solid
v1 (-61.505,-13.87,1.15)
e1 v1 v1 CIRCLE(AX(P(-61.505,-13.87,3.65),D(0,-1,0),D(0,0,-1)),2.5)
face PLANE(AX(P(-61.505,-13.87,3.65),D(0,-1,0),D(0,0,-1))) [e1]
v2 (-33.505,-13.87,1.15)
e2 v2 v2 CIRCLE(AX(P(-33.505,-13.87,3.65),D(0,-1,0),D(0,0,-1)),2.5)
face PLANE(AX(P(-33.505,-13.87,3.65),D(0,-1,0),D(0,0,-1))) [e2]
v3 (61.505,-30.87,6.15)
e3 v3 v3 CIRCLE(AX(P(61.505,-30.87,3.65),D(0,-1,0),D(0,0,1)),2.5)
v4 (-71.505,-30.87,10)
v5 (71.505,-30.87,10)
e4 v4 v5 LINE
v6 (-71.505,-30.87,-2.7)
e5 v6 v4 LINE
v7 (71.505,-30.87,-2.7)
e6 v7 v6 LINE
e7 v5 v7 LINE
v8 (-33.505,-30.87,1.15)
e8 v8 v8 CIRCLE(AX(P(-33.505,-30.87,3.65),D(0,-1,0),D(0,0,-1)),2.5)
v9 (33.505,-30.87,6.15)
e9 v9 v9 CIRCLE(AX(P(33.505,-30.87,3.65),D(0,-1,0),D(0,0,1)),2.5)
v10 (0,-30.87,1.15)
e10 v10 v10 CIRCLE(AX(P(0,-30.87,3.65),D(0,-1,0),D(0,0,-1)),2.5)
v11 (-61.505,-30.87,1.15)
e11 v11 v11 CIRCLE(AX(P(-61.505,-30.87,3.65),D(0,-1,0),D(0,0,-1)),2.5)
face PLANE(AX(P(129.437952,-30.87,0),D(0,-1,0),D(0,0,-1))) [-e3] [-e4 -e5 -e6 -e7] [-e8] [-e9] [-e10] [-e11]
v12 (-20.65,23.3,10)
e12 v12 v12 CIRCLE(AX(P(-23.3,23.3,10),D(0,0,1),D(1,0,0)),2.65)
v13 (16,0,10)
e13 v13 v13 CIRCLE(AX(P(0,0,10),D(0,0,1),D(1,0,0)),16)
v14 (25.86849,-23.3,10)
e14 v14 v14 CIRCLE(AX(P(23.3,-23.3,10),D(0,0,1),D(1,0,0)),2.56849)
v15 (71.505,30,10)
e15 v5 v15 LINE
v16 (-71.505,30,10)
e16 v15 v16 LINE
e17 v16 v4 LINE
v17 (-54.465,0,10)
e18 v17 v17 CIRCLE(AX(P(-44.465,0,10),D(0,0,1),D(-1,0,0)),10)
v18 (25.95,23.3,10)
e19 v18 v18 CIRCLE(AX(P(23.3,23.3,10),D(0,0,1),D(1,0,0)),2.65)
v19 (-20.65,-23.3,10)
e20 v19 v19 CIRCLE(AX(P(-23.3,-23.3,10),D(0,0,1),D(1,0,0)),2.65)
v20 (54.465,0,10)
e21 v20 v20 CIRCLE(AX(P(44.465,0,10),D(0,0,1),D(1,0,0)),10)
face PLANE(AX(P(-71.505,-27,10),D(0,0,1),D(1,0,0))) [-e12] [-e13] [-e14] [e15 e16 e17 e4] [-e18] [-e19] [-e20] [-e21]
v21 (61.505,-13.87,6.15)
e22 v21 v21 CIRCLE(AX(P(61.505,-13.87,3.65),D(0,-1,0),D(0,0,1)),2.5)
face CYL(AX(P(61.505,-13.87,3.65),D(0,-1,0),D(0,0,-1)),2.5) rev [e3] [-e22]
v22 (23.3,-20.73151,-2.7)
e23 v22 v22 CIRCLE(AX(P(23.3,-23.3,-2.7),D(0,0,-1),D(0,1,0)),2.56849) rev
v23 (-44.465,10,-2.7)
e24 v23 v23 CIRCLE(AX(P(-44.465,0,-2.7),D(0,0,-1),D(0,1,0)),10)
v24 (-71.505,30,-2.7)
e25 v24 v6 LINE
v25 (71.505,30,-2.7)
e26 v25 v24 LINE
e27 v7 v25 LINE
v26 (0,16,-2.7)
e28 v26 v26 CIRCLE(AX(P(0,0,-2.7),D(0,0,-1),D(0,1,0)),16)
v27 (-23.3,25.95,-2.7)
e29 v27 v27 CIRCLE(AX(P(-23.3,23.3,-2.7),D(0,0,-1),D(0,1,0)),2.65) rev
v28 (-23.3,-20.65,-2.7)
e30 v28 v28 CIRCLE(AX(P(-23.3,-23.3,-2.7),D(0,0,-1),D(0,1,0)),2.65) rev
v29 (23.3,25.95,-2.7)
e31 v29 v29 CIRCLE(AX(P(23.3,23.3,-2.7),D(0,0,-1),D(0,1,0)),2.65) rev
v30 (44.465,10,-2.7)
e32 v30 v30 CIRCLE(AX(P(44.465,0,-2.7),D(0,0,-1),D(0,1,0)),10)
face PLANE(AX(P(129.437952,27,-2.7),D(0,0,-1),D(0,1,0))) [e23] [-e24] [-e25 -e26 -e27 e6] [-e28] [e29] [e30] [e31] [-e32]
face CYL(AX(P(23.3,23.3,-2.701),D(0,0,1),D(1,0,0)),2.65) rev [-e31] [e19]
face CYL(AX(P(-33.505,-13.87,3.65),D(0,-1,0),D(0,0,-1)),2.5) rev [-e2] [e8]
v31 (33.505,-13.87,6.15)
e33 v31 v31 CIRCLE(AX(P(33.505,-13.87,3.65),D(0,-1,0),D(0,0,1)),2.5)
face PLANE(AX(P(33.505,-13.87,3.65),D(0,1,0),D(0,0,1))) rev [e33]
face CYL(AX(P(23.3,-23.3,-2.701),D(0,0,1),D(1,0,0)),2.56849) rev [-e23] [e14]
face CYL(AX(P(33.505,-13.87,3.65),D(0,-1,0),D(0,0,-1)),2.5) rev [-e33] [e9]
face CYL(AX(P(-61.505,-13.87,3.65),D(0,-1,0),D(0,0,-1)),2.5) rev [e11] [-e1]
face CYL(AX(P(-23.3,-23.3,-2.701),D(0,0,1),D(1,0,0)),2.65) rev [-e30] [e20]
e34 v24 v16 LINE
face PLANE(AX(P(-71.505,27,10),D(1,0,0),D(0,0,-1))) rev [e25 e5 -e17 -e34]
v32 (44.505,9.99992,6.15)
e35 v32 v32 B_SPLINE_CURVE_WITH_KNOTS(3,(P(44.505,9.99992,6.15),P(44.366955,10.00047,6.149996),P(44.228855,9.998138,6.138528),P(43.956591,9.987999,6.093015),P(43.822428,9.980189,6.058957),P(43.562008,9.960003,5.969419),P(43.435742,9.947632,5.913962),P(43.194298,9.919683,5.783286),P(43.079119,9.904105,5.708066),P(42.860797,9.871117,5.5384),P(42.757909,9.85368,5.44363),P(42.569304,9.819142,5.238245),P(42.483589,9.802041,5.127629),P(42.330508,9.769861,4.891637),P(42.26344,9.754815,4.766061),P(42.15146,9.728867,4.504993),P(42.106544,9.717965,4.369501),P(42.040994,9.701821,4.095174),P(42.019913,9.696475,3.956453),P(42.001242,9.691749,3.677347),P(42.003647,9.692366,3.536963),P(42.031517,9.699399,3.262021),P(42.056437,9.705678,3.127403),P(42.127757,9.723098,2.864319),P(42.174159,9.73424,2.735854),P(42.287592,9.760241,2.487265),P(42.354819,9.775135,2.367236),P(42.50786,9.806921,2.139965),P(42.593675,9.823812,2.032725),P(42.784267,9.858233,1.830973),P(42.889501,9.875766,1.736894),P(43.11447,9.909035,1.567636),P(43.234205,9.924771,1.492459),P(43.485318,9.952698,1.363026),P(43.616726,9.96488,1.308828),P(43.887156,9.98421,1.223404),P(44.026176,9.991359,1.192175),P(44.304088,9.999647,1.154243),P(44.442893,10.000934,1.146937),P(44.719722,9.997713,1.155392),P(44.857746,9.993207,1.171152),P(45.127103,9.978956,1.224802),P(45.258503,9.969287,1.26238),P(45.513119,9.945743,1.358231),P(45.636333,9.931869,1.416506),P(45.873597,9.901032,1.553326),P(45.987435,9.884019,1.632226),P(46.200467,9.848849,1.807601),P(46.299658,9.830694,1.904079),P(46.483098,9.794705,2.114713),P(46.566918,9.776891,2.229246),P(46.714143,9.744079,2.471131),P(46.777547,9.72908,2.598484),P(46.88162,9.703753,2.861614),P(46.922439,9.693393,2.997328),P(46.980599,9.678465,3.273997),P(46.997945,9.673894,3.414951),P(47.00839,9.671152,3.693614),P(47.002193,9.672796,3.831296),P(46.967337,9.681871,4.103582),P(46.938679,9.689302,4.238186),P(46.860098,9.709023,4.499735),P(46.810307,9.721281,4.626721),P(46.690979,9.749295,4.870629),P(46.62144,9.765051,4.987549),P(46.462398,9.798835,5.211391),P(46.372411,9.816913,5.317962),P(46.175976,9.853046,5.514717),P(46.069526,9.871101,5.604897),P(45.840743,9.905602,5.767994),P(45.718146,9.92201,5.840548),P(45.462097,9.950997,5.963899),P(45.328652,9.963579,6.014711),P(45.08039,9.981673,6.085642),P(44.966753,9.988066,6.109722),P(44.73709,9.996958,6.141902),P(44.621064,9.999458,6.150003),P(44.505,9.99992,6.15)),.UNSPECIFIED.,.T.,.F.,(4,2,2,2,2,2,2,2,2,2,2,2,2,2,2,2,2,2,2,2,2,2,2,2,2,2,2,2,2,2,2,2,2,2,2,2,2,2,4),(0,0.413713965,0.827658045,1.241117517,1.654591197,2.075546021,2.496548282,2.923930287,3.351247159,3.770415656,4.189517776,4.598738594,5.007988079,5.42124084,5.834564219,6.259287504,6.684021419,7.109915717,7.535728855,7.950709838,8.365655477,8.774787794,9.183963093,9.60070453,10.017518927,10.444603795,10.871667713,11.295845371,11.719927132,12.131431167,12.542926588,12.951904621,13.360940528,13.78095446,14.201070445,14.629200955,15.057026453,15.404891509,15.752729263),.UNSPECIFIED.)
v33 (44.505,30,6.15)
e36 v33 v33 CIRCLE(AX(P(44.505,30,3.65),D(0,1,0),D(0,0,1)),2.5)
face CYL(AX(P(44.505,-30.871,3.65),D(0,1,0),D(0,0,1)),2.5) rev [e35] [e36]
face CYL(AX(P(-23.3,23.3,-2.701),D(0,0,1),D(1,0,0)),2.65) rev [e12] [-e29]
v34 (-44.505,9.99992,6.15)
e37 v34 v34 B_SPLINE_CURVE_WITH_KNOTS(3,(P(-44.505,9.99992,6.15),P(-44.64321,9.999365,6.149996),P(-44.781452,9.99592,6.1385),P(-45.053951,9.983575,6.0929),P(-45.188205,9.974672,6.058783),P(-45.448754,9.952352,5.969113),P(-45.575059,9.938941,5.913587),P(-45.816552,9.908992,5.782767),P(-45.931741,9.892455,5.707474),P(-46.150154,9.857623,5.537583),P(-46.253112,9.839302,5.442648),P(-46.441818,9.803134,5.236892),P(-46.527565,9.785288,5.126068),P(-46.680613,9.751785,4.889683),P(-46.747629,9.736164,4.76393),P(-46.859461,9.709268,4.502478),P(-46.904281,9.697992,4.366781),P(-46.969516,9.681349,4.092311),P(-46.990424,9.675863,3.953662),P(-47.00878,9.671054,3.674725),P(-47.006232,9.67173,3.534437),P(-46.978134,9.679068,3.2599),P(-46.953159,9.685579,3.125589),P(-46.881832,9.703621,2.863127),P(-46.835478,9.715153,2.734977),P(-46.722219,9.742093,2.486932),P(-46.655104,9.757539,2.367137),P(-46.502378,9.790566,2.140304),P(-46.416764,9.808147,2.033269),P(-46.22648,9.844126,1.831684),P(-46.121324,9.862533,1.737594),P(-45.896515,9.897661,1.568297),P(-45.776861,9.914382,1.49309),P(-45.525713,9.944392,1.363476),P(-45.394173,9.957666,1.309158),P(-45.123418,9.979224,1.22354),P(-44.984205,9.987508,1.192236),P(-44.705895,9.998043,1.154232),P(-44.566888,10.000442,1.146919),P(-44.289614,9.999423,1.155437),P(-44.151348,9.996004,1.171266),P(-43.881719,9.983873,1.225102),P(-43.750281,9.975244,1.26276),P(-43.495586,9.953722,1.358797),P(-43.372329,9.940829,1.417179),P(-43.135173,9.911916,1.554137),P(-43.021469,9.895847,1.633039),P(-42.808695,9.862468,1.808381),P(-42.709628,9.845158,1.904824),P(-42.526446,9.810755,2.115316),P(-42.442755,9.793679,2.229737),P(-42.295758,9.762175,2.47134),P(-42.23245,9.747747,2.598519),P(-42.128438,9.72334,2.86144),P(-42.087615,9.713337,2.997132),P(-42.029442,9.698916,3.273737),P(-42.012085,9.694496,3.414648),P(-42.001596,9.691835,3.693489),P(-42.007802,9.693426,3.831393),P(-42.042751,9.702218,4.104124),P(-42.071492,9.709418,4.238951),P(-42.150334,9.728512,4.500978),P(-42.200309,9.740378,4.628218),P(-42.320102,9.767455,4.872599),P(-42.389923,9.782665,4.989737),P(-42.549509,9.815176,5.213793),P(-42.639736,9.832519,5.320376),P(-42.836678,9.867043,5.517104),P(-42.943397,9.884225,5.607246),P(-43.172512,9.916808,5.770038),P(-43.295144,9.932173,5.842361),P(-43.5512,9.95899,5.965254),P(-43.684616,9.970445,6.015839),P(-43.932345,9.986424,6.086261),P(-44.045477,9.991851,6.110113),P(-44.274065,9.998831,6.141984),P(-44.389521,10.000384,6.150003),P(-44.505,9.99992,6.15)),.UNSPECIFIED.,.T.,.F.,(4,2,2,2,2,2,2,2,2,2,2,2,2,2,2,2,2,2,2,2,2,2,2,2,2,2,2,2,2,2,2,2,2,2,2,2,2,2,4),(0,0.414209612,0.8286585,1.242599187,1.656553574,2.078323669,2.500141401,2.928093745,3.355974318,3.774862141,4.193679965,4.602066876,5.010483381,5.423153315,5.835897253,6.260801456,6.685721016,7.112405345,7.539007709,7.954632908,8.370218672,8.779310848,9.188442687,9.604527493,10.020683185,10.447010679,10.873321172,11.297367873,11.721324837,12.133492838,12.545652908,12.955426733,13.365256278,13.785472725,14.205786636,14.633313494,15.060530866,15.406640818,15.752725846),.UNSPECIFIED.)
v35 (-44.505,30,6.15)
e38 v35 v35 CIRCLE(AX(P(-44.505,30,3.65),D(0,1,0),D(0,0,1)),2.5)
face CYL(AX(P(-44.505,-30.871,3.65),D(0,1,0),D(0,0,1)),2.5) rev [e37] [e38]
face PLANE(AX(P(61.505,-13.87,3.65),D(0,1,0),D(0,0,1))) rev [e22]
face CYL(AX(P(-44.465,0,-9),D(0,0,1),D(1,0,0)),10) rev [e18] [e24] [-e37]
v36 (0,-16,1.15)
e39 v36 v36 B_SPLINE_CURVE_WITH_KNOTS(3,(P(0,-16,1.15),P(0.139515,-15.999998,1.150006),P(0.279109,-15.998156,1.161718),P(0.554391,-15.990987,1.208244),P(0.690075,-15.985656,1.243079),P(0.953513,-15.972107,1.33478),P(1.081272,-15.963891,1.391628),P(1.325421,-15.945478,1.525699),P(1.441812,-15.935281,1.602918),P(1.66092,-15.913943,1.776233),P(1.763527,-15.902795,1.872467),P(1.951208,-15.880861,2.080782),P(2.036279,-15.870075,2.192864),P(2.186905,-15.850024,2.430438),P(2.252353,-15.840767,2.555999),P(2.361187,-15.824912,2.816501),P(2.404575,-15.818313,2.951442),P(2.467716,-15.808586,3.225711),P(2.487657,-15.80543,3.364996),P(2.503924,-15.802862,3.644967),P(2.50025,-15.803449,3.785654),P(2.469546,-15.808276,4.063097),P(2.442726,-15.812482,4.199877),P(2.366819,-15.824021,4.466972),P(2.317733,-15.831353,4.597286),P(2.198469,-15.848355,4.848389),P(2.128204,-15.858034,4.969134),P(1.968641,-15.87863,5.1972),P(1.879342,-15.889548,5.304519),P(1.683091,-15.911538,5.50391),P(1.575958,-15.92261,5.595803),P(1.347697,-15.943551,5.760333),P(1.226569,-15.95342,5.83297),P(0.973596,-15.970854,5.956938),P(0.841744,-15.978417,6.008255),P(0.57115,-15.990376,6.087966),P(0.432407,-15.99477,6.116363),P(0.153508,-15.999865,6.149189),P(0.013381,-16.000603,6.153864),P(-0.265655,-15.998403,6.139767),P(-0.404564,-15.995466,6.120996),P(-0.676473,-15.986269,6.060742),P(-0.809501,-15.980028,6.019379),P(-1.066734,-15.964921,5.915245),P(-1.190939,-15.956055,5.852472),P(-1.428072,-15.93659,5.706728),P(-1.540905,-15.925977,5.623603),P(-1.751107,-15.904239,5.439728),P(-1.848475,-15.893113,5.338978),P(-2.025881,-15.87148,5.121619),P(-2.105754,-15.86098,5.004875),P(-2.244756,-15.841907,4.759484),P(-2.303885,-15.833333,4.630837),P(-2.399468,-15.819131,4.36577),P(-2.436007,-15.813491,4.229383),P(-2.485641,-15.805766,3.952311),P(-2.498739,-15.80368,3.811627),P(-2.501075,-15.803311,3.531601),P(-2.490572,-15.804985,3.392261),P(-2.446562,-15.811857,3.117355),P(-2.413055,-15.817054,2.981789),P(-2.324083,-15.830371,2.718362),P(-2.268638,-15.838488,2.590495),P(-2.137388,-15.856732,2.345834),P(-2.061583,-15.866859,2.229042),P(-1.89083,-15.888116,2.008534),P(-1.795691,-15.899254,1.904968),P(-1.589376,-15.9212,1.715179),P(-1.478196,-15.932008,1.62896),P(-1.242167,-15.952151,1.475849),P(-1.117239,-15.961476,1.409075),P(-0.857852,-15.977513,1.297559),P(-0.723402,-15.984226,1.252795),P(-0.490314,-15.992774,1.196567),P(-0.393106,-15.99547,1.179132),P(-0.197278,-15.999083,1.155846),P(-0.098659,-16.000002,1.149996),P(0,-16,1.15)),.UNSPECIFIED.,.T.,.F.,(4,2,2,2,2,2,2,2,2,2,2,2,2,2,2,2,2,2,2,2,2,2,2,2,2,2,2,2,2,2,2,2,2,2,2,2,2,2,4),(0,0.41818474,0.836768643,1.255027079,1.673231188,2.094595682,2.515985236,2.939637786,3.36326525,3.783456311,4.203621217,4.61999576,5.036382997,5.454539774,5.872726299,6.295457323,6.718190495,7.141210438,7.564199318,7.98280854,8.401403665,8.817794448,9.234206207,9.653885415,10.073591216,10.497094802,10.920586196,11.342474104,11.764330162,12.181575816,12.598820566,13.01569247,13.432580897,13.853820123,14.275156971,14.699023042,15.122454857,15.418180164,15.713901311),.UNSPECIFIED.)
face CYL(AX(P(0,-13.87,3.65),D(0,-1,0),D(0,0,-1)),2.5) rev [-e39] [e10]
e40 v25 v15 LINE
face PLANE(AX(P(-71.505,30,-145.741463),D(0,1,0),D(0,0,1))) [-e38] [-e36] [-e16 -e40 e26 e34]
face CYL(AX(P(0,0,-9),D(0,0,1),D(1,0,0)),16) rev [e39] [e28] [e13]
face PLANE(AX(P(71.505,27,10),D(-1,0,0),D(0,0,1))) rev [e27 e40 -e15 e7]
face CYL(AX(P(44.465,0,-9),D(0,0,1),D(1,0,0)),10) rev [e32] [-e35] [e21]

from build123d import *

# Parameters (mm, degrees)
ESBO_O1_W                = 143.01
ESBO_O1_H                = 54
RESSALTO_EXTRUS_O1_DEPTH = 10
ESBO_O14_W               = 2.7
ESBO_O14_H               = 57.87
RESSALTO_EXTRUS_O3_DEPTH = 143.01
ESBO_O2_R                = 16
CIRCULO_ROLAMENTO_DEPTH  = 19
ESBO_O7_R                = 10
CORTE_EXTRUS_O3_DEPTH    = 19
ESBO_O8_W                = 143.01
ESBO_O8_H                = 3.87
RESSALTO_EXTRUS_O2_DEPTH = 10
ESBO_O22_W               = 143.01
ESBO_O22_H               = 3
RESSALTO_EXTRUS_O4_DEPTH = 12.7
ESBO_O12_R               = 2.5
CORTE_EXTRUS_O6_DEPTH    = 17
CORTE_EXTRUS_O15_REACH   = 80.913
ESBO_O9_R                = 2.568489929
ESBO_O9_R_2              = 2.65
CORTE_EXTRUS_O16_REACH   = 96.436
ESBO_O23_R               = 2.5


with BuildPart() as part:
    # Esboço1 → Ressalto-extrusão1 (new body)
    with BuildSketch(Plane.XY):
        Rectangle(ESBO_O1_W, ESBO_O1_H)
    extrude(amount=RESSALTO_EXTRUS_O1_DEPTH)

    # Esboço14 → Ressalto-extrusão3 (add)
    with BuildSketch(Plane.ZY.offset(71.505)):
        with Locations((-1.35, -1.935)):
            Rectangle(ESBO_O14_W, ESBO_O14_H)
    extrude(amount=-RESSALTO_EXTRUS_O3_DEPTH)

    # Esboço2 → Circulo rolamento (cut)
    with BuildSketch(Plane.XY.offset(10)):
        Circle(ESBO_O2_R)
    extrude(amount=-CIRCULO_ROLAMENTO_DEPTH, mode=Mode.SUBTRACT)

    # Esboço7 → Corte-extrusão3 (cut)
    with BuildSketch(Plane.XY.offset(10)):
        with Locations(Location((-44.465, 0, 0), (0, 0, 90))):
            Circle(ESBO_O7_R)
        with Locations((44.465, 0)):
            Circle(ESBO_O7_R)
    extrude(amount=-CORTE_EXTRUS_O3_DEPTH, mode=Mode.SUBTRACT)

    # Esboço8 → Ressalto-extrusão2 (add)
    with BuildSketch(Plane.XY.offset(10)):
        with Locations((0, -28.935)):
            Rectangle(ESBO_O8_W, ESBO_O8_H)
    extrude(amount=-RESSALTO_EXTRUS_O2_DEPTH)

    # Esboço22 → Ressalto-extrusão4 (add)
    with BuildSketch(Plane.XY.offset(10)):
        with Locations((0, 28.5)):
            Rectangle(ESBO_O22_W, ESBO_O22_H)
    extrude(amount=-RESSALTO_EXTRUS_O4_DEPTH)

    # Esboço12 → Corte-extrusão6 (cut)
    with BuildSketch(Plane.XZ.offset(30.87)):
        with Locations(Location((-61.505, 3.65, 0), (0, 0, 270))):
            Circle(ESBO_O12_R)
        with Locations(Location((33.505, 3.65, 0), (0, 0, 90))):
            Circle(ESBO_O12_R)
        with Locations(Location((0, 3.65, 0), (0, 0, 270))):
            Circle(ESBO_O12_R)
        with Locations(Location((-33.505, 3.65, 0), (0, 0, 270))):
            Circle(ESBO_O12_R)
        with Locations(Location((61.505, 3.65, 0), (0, 0, 90))):
            Circle(ESBO_O12_R)
    extrude(amount=-CORTE_EXTRUS_O6_DEPTH, mode=Mode.SUBTRACT)

    # Esboço9 → Corte-extrusão15 (cut, up to next)
    with BuildSketch(Plane.XY.offset(10), mode=Mode.PRIVATE) as corte_extrus_o15_sk1:
        with Locations((23.3, -23.3)):
            Circle(ESBO_O9_R)
    corte_extrus_o15_tool1 = extrude(corte_extrus_o15_sk1.sketch, amount=-CORTE_EXTRUS_O15_REACH, mode=Mode.PRIVATE) & part.part
    # Esboço9 → Corte-extrusão15 (cut, up to next)
    with BuildSketch(Plane.XY.offset(10), mode=Mode.PRIVATE) as corte_extrus_o15_sk2:
        with Locations((23.3, 23.3)):
            Circle(ESBO_O9_R_2)
    corte_extrus_o15_tool2 = extrude(corte_extrus_o15_sk2.sketch, amount=-CORTE_EXTRUS_O15_REACH, mode=Mode.PRIVATE) & part.part
    # Esboço9 → Corte-extrusão15 (cut, up to next)
    with BuildSketch(Plane.XY.offset(10), mode=Mode.PRIVATE) as corte_extrus_o15_sk3:
        with Locations((-23.3, -23.3)):
            Circle(ESBO_O9_R_2)
    corte_extrus_o15_tool3 = extrude(corte_extrus_o15_sk3.sketch, amount=-CORTE_EXTRUS_O15_REACH, mode=Mode.PRIVATE) & part.part
    # Esboço9 → Corte-extrusão15 (cut, up to next)
    with BuildSketch(Plane.XY.offset(10), mode=Mode.PRIVATE) as corte_extrus_o15_sk4:
        with Locations((-23.3, 23.3)):
            Circle(ESBO_O9_R_2)
    corte_extrus_o15_tool4 = extrude(corte_extrus_o15_sk4.sketch, amount=-CORTE_EXTRUS_O15_REACH, mode=Mode.PRIVATE) & part.part
    add(corte_extrus_o15_tool1.solids().sort_by_distance((23.3, -23.3, 10))[0], mode=Mode.SUBTRACT)
    add(corte_extrus_o15_tool2.solids().sort_by_distance((23.3, 23.3, 10))[0], mode=Mode.SUBTRACT)
    add(corte_extrus_o15_tool3.solids().sort_by_distance((-23.3, -23.3, 10))[0], mode=Mode.SUBTRACT)
    add(corte_extrus_o15_tool4.solids().sort_by_distance((-23.3, 23.3, 10))[0], mode=Mode.SUBTRACT)

    # Esboço23 → Corte-extrusão16 (cut, up to next)
    with BuildSketch(Plane(origin=(0, 30, 0), x_dir=(1, 0, 0), z_dir=(0, 1, 0)), mode=Mode.PRIVATE) as corte_extrus_o16_sk1:
        with Locations(Location((-44.505, -3.65, 0), (0, 0, 270))):
            Circle(ESBO_O23_R)
    corte_extrus_o16_tool1 = extrude(corte_extrus_o16_sk1.sketch, amount=-CORTE_EXTRUS_O16_REACH, mode=Mode.PRIVATE) & part.part
    # Esboço23 → Corte-extrusão16 (cut, up to next)
    with BuildSketch(Plane(origin=(0, 30, 0), x_dir=(1, 0, 0), z_dir=(0, 1, 0)), mode=Mode.PRIVATE) as corte_extrus_o16_sk2:
        with Locations(Location((44.505, -3.65, 0), (0, 0, 270))):
            Circle(ESBO_O23_R)
    corte_extrus_o16_tool2 = extrude(corte_extrus_o16_sk2.sketch, amount=-CORTE_EXTRUS_O16_REACH, mode=Mode.PRIVATE) & part.part
    add(corte_extrus_o16_tool1.solids().sort_by_distance((-44.505, 30, 3.65))[0], mode=Mode.SUBTRACT)
    add(corte_extrus_o16_tool2.solids().sort_by_distance((44.505, 30, 3.65))[0], mode=Mode.SUBTRACT)


solid = part.part
